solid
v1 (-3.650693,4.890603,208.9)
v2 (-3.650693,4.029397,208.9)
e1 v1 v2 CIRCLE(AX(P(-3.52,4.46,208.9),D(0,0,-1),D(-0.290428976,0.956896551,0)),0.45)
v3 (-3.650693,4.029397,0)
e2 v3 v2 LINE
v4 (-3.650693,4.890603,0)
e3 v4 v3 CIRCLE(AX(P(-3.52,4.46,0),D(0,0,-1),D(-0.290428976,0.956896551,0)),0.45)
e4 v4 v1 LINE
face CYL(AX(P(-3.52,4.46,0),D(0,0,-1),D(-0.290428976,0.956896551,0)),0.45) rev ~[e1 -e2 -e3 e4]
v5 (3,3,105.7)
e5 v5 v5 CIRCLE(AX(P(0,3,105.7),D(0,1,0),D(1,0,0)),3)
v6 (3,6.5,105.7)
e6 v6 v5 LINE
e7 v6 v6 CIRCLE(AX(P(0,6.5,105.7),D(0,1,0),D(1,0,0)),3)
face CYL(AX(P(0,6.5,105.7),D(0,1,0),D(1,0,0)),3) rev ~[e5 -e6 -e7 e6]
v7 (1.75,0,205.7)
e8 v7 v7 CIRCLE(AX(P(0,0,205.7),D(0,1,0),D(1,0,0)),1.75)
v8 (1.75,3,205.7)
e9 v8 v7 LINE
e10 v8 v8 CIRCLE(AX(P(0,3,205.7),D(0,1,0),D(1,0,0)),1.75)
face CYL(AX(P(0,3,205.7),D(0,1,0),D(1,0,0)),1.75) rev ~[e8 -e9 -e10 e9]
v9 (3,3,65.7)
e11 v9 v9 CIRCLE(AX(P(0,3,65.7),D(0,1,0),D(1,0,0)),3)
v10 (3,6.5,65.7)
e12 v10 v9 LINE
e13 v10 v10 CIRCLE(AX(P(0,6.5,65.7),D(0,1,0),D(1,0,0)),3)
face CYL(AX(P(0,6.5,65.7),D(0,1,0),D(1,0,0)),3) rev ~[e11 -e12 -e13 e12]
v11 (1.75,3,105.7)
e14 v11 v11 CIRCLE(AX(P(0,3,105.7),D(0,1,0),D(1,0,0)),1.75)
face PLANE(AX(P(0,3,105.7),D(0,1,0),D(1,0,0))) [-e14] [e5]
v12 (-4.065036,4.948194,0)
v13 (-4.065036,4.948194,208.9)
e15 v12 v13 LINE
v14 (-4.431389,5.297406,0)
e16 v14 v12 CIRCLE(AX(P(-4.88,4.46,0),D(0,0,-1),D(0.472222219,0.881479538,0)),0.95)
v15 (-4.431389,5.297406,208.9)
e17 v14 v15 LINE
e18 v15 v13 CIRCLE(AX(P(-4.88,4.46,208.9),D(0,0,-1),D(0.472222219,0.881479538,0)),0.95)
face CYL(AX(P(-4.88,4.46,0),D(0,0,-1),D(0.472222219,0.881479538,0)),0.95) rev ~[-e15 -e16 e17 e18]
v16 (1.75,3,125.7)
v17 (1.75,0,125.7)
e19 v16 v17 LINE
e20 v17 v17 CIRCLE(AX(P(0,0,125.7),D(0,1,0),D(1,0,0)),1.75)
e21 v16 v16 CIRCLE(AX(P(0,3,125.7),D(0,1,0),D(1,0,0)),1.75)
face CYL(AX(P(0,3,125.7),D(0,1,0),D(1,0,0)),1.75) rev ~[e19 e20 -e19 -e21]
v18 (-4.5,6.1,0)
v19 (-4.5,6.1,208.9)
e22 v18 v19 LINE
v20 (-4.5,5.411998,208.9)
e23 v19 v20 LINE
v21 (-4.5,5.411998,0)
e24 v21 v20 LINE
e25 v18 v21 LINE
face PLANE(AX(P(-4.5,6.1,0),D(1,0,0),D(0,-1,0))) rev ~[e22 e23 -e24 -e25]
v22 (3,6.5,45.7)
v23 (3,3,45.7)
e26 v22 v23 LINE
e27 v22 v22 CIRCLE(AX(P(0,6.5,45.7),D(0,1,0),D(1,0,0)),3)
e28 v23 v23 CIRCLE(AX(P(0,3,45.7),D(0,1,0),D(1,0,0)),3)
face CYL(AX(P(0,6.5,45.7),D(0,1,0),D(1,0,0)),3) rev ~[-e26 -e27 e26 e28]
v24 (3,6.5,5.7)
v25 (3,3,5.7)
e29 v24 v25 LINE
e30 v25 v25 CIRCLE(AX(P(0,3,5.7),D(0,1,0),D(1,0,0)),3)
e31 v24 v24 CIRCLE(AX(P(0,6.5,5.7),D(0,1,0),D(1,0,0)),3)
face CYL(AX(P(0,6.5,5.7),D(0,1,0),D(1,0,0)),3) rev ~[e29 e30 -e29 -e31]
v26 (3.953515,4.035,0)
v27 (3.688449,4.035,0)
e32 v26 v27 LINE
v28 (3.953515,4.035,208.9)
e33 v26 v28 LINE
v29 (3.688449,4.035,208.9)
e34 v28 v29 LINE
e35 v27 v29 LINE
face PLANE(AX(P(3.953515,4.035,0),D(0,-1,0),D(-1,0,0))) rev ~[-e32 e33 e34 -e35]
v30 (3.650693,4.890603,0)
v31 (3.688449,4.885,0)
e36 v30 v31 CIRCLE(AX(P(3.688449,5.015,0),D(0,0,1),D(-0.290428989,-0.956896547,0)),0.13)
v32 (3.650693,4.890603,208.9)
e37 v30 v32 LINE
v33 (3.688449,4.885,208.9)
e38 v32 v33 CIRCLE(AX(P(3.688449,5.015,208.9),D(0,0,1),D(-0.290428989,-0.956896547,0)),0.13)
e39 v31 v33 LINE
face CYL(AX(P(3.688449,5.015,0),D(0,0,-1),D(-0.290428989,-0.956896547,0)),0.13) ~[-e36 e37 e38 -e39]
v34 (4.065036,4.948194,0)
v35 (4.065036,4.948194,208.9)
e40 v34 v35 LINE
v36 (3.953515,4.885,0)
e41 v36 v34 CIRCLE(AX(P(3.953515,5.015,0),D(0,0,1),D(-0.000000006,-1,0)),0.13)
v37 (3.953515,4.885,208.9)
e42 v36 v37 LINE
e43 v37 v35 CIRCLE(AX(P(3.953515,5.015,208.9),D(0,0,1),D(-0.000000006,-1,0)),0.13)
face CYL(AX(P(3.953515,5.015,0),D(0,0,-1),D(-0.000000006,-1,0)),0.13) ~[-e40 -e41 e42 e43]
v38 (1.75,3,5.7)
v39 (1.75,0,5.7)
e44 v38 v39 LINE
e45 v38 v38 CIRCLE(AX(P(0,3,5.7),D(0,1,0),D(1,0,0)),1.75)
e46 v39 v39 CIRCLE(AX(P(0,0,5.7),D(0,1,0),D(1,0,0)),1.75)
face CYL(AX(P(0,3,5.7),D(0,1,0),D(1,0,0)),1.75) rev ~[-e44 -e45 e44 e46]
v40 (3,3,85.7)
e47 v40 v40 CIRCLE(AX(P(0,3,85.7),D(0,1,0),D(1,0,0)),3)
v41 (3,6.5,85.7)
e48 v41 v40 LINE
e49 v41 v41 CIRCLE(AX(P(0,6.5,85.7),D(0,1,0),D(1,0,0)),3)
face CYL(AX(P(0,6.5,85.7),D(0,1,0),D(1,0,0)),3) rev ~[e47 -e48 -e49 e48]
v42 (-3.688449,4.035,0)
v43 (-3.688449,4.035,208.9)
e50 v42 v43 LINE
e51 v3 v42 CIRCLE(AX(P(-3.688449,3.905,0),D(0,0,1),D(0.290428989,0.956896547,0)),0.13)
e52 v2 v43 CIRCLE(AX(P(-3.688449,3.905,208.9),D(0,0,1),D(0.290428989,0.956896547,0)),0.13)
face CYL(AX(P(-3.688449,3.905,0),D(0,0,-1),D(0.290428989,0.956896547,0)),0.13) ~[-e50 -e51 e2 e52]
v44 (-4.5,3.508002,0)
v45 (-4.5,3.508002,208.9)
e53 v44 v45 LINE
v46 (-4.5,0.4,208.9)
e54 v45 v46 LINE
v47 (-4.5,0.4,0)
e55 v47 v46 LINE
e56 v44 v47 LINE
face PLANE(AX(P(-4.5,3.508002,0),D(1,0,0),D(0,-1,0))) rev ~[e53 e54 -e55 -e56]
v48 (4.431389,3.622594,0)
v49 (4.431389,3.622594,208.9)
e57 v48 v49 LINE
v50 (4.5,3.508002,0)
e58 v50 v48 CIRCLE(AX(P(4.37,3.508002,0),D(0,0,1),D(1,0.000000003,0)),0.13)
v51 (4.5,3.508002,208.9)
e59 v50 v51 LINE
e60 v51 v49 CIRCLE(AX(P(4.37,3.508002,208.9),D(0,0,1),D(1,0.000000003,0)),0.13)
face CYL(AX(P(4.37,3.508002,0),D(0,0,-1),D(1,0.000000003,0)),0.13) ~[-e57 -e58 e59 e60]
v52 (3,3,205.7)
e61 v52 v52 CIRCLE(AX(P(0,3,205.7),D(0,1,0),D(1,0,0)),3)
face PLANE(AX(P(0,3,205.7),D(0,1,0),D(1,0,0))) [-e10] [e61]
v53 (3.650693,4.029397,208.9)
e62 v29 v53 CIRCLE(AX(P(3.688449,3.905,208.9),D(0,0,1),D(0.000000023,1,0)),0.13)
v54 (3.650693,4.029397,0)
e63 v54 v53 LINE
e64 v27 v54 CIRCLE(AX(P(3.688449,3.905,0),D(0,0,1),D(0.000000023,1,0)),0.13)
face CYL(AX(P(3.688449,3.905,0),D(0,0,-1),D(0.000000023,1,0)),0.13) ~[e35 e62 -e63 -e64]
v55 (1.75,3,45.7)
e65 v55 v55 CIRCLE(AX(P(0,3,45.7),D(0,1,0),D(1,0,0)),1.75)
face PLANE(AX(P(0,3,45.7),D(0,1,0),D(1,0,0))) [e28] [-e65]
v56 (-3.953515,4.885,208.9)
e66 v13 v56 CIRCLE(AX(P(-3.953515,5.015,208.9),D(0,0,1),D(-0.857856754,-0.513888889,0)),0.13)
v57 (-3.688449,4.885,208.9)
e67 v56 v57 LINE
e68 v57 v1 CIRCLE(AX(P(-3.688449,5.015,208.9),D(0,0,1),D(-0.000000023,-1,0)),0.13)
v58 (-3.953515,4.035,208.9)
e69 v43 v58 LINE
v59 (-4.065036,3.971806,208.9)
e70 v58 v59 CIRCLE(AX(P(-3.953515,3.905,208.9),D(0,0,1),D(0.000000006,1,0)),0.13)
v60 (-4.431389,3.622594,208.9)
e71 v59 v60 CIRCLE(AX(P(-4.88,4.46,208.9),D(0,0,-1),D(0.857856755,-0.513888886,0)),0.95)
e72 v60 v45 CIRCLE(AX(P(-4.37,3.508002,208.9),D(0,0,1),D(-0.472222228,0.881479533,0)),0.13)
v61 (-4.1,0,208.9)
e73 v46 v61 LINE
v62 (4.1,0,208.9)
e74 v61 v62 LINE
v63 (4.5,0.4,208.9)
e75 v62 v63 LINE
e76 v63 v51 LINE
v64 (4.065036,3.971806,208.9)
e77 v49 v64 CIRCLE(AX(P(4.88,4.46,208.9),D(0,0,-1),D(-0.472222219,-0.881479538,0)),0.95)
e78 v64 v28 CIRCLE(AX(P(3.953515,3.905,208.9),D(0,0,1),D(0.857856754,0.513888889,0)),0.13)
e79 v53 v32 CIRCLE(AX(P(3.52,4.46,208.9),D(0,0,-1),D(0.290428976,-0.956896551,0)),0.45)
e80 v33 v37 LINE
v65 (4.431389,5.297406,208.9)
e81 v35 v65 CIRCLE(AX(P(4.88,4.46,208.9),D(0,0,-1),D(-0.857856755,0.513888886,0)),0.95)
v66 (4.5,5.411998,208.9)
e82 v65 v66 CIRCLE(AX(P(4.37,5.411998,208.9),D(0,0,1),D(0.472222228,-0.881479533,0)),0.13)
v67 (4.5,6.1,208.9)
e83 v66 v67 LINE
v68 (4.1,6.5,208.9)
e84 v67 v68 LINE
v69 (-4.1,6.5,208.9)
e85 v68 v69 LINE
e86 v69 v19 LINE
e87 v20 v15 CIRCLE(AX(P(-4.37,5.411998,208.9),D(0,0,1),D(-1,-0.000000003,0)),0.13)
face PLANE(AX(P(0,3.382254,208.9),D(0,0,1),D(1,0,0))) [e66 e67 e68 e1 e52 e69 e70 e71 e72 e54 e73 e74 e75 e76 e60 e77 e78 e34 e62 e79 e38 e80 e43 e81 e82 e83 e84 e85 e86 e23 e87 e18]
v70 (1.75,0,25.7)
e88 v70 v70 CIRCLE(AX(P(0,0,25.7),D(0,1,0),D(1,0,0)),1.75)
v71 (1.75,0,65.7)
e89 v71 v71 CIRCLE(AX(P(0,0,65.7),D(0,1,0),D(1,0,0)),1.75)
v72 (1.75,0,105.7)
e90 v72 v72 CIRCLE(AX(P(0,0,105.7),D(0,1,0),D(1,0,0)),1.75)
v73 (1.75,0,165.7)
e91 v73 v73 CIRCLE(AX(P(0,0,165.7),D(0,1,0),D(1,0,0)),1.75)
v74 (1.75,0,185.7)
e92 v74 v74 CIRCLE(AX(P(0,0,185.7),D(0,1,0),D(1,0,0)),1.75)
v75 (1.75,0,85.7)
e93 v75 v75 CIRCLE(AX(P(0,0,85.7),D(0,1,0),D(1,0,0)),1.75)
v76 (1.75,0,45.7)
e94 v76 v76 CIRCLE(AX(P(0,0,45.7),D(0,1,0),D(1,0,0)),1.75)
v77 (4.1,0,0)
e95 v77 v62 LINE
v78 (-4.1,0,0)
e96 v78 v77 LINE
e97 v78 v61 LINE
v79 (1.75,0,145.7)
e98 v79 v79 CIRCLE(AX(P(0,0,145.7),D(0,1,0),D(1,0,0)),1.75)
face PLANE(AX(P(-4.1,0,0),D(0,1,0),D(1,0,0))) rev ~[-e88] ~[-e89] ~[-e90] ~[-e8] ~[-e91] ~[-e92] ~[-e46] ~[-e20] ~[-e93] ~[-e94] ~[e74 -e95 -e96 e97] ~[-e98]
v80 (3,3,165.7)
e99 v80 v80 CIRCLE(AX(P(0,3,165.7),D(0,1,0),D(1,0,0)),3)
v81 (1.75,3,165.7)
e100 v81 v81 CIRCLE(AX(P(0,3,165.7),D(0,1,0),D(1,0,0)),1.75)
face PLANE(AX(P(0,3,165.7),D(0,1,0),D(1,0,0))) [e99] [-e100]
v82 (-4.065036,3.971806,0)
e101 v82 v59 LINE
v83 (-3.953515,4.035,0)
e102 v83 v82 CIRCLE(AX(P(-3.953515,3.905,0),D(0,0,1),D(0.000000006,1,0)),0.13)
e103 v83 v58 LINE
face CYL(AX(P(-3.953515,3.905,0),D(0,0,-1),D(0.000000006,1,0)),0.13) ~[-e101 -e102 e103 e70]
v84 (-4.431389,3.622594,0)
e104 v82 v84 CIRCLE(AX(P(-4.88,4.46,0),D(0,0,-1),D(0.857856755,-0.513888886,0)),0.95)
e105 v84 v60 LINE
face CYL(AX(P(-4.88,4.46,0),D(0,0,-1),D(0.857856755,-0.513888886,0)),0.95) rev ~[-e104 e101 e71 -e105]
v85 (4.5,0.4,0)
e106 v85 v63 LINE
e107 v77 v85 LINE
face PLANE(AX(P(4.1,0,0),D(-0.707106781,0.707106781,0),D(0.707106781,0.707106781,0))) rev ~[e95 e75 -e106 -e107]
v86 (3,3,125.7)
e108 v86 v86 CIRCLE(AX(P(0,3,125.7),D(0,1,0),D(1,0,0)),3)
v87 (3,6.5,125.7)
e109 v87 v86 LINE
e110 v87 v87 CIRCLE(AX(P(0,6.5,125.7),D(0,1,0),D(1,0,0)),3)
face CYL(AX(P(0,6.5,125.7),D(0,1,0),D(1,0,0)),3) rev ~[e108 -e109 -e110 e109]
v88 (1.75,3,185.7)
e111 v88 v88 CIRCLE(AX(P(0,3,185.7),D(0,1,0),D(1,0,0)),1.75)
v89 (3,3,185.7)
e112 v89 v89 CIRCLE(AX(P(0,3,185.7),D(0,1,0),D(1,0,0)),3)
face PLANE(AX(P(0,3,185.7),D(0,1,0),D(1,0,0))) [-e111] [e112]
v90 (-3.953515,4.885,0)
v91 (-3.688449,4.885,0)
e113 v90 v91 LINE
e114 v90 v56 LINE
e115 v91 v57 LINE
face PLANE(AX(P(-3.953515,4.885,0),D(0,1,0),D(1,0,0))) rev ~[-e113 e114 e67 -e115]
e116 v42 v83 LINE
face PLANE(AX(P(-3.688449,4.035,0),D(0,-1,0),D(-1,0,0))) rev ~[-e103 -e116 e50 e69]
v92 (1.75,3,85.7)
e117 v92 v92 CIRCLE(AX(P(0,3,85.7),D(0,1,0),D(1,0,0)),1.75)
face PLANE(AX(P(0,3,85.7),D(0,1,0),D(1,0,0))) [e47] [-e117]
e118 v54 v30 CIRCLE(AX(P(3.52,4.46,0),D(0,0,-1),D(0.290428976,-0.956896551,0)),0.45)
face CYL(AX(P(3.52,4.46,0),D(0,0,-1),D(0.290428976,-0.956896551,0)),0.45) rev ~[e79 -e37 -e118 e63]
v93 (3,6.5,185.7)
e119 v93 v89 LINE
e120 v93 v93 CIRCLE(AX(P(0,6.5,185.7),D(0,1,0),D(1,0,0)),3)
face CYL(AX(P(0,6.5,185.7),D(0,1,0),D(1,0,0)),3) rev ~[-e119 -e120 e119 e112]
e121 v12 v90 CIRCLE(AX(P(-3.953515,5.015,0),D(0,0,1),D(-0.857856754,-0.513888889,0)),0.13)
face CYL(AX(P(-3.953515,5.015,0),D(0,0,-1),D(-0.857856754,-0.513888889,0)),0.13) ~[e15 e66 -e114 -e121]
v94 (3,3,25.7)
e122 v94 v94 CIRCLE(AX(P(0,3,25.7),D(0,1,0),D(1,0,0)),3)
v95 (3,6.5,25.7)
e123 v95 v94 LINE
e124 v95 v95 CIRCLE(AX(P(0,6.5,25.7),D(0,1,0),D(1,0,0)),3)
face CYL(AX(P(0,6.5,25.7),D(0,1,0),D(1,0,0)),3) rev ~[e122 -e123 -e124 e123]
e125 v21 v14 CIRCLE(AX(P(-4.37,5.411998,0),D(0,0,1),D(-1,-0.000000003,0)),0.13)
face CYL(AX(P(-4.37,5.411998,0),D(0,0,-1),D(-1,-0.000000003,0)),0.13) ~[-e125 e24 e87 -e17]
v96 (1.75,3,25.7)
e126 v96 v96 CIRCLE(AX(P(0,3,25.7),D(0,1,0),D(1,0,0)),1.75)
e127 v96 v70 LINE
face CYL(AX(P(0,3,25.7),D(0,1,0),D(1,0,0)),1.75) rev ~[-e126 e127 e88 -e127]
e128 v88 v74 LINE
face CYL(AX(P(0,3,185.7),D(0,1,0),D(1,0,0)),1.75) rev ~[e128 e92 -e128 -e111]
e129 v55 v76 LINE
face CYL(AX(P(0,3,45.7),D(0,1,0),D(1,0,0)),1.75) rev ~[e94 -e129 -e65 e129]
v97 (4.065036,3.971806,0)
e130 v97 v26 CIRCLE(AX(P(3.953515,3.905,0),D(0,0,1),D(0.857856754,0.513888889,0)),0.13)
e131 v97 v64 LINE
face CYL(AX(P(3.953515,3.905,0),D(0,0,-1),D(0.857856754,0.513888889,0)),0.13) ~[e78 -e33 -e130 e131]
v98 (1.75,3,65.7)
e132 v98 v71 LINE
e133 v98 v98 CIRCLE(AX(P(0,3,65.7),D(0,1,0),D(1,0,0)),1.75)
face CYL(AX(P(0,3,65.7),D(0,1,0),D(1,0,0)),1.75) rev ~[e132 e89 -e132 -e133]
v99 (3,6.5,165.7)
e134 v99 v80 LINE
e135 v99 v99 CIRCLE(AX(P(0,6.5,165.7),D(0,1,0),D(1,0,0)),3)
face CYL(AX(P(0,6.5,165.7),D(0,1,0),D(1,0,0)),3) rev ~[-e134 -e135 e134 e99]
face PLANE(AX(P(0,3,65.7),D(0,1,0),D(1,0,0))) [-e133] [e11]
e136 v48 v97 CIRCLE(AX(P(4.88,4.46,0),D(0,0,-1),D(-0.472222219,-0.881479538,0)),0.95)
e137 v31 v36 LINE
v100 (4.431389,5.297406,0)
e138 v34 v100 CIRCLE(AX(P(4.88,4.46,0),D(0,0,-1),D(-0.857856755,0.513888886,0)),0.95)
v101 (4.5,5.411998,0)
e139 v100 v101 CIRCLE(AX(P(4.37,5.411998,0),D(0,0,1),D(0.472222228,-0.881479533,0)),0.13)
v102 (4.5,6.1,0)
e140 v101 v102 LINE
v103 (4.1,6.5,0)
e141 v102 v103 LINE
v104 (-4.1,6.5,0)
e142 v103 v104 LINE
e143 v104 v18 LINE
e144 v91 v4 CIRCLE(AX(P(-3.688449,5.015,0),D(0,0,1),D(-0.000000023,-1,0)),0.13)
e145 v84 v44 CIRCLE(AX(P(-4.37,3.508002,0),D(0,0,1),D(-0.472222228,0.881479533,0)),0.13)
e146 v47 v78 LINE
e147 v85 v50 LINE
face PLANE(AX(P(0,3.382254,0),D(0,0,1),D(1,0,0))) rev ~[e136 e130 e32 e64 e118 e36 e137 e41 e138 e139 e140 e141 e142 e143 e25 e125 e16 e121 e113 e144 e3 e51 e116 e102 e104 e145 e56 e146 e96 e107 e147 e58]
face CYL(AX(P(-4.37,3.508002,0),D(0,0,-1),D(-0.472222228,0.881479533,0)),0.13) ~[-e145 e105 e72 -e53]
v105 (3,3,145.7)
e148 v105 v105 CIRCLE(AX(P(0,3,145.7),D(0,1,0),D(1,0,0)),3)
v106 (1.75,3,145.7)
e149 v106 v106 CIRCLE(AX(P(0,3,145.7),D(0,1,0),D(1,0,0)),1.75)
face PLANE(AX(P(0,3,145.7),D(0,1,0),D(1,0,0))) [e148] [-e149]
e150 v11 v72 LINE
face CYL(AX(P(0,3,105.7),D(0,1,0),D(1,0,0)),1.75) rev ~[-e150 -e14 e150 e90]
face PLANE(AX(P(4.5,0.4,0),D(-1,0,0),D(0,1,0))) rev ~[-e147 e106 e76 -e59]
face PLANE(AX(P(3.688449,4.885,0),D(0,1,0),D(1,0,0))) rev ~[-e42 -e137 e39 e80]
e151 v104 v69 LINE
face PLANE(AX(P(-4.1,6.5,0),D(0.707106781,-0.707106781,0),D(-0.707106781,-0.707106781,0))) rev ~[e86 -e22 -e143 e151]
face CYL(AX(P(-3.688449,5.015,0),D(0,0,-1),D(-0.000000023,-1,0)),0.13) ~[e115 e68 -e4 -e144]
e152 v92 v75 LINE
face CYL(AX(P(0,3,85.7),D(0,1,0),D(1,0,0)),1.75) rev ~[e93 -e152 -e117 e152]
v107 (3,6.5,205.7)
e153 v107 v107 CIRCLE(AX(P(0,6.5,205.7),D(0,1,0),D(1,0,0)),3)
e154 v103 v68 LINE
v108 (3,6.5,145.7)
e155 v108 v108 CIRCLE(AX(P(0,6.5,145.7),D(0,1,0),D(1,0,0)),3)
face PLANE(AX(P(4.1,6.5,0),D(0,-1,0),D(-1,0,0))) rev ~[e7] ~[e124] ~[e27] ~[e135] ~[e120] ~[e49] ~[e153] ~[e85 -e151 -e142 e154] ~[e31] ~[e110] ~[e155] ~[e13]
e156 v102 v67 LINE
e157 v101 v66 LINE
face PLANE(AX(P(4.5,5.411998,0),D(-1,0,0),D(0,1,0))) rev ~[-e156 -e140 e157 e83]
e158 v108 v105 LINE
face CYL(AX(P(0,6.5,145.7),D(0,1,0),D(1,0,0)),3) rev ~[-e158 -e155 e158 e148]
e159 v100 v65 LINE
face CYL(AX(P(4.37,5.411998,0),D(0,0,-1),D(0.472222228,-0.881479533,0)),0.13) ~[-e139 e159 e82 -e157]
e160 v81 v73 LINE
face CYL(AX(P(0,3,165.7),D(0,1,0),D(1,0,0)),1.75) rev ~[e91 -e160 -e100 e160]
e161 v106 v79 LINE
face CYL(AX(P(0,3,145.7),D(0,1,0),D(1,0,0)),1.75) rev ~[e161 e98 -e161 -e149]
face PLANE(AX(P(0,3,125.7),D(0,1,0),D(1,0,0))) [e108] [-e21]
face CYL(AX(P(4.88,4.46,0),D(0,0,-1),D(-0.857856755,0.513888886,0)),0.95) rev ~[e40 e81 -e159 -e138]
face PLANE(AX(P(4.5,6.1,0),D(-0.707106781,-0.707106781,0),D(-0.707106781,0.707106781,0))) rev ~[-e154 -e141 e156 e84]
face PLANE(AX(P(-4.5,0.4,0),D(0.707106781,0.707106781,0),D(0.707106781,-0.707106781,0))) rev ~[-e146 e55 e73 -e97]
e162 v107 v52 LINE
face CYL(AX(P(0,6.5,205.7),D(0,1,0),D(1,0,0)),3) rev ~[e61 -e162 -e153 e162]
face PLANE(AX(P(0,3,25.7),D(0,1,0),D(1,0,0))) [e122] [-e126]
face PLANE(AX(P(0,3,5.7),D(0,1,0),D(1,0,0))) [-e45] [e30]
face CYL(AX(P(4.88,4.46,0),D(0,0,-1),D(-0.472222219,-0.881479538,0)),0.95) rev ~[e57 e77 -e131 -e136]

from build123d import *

# Parameters (mm, degrees)
BOSS_EXTRUDE1_DEPTH = 208.9
SKETCH2_R           = 3
CUT_EXTRUDE1_DEPTH  = 3.5
SKETCH3_R           = 1.75
CUT_EXTRUDE2_DEPTH  = 4


with BuildPart() as part:
    # Sketch1 → Boss-Extrude1 (new body)
    with BuildSketch(Plane.XY):
        with BuildLine():
            Line((-4.1, 6.5), (-4.5, 6.1))
            Line((-4.5, 6.1), (-4.5, 5.411997899))
            ThreePointArc((-4.5, 5.411997899), (-4.481535993, 5.345216747), (-4.431388889, 5.297405559))
            ThreePointArc((-4.431388889, 5.297405559), (-4.224528747, 5.147646302), (-4.065036084, 4.948194444))
            ThreePointArc((-4.065036084, 4.948194444), (-4.01760557, 4.901896679), (-3.953514706, 4.885))
            Line((-3.953514706, 4.885), (-3.688448805, 4.885))
            ThreePointArc((-3.688448805, 4.885), (-3.669364148, 4.886408492), (-3.650693039, 4.890603448))
            ThreePointArc((-3.650693039, 4.890603448), (-3.07, 4.46), (-3.650693039, 4.029396552))
            ThreePointArc((-3.650693039, 4.029396552), (-3.669364148, 4.033591508), (-3.688448805, 4.035))
            Line((-3.688448805, 4.035), (-3.953514706, 4.035))
            ThreePointArc((-3.953514706, 4.035), (-4.01760557, 4.018103321), (-4.065036084, 3.971805556))
            ThreePointArc((-4.065036084, 3.971805556), (-4.224528747, 3.772353698), (-4.431388889, 3.622594441))
            ThreePointArc((-4.431388889, 3.622594441), (-4.481535993, 3.574783253), (-4.5, 3.508002101))
            Line((-4.5, 3.508002101), (-4.5, 0.4))
            Line((-4.5, 0.4), (-4.1, 0))
            Line((-4.1, 0), (4.1, 0))
            Line((4.1, 0), (4.5, 0.4))
            Line((4.5, 0.4), (4.5, 3.508002101))
            ThreePointArc((4.5, 3.508002101), (4.481535993, 3.574783253), (4.431388889, 3.622594441))
            ThreePointArc((4.431388889, 3.622594441), (4.224528747, 3.772353698), (4.065036084, 3.971805556))
            ThreePointArc((4.065036084, 3.971805556), (4.01760557, 4.018103321), (3.953514706, 4.035))
            Line((3.953514706, 4.035), (3.688448805, 4.035))
            ThreePointArc((3.688448805, 4.035), (3.669364148, 4.033591508), (3.650693039, 4.029396552))
            ThreePointArc((3.650693039, 4.029396552), (3.07, 4.46), (3.650693039, 4.890603448))
            ThreePointArc((3.650693039, 4.890603448), (3.669364148, 4.886408492), (3.688448805, 4.885))
            Line((3.688448805, 4.885), (3.953514706, 4.885))
            ThreePointArc((3.953514706, 4.885), (4.01760557, 4.901896679), (4.065036084, 4.948194444))
            ThreePointArc((4.065036084, 4.948194444), (4.224528747, 5.147646302), (4.431388889, 5.297405559))
            ThreePointArc((4.431388889, 5.297405559), (4.481535993, 5.345216747), (4.5, 5.411997899))
            Line((4.5, 5.411997899), (4.5, 6.1))
            Line((4.5, 6.1), (4.1, 6.5))
            Line((4.1, 6.5), (-4.1, 6.5))
        make_face()
    extrude(amount=BOSS_EXTRUDE1_DEPTH)

    # Sketch2 → Cut-Extrude1 (cut)
    with BuildSketch(Plane(origin=(0, 6.5, 0), x_dir=(1, 0, 0), z_dir=(0, 1, 0))):
        with Locations((0, -205.7)):
            Circle(SKETCH2_R)
        with Locations((0, -185.7)):
            Circle(SKETCH2_R)
        with Locations((0, -165.7)):
            Circle(SKETCH2_R)
        with Locations((0, -145.7)):
            Circle(SKETCH2_R)
        with Locations((0, -125.7)):
            Circle(SKETCH2_R)
        with Locations((0, -105.7)):
            Circle(SKETCH2_R)
        with Locations((0, -85.7)):
            Circle(SKETCH2_R)
        with Locations((0, -65.7)):
            Circle(SKETCH2_R)
        with Locations((0, -45.7)):
            Circle(SKETCH2_R)
        with Locations((0, -25.7)):
            Circle(SKETCH2_R)
        with Locations((0, -5.7)):
            Circle(SKETCH2_R)
    extrude(amount=-CUT_EXTRUDE1_DEPTH, mode=Mode.SUBTRACT)

    # Sketch3 → Cut-Extrude2 (cut, through all)
    with BuildSketch(Plane(origin=(0, 3, 0), x_dir=(1, 0, 0), z_dir=(0, 1, 0))):
        with Locations((0, -205.7)):
            Circle(SKETCH3_R)
        with Locations((0, -185.7)):
            Circle(SKETCH3_R)
        with Locations((0, -165.7)):
            Circle(SKETCH3_R)
        with Locations((0, -145.7)):
            Circle(SKETCH3_R)
        with Locations((0, -125.7)):
            Circle(SKETCH3_R)
        with Locations((0, -105.7)):
            Circle(SKETCH3_R)
        with Locations((0, -85.7)):
            Circle(SKETCH3_R)
        with Locations((0, -65.7)):
            Circle(SKETCH3_R)
        with Locations((0, -45.7)):
            Circle(SKETCH3_R)
        with Locations((0, -25.7)):
            Circle(SKETCH3_R)
        with Locations((0, -5.7)):
            Circle(SKETCH3_R)
        with Locations((0, 14.3)):
            Circle(SKETCH3_R)
    extrude(amount=-CUT_EXTRUDE2_DEPTH, mode=Mode.SUBTRACT)


solid = part.part
